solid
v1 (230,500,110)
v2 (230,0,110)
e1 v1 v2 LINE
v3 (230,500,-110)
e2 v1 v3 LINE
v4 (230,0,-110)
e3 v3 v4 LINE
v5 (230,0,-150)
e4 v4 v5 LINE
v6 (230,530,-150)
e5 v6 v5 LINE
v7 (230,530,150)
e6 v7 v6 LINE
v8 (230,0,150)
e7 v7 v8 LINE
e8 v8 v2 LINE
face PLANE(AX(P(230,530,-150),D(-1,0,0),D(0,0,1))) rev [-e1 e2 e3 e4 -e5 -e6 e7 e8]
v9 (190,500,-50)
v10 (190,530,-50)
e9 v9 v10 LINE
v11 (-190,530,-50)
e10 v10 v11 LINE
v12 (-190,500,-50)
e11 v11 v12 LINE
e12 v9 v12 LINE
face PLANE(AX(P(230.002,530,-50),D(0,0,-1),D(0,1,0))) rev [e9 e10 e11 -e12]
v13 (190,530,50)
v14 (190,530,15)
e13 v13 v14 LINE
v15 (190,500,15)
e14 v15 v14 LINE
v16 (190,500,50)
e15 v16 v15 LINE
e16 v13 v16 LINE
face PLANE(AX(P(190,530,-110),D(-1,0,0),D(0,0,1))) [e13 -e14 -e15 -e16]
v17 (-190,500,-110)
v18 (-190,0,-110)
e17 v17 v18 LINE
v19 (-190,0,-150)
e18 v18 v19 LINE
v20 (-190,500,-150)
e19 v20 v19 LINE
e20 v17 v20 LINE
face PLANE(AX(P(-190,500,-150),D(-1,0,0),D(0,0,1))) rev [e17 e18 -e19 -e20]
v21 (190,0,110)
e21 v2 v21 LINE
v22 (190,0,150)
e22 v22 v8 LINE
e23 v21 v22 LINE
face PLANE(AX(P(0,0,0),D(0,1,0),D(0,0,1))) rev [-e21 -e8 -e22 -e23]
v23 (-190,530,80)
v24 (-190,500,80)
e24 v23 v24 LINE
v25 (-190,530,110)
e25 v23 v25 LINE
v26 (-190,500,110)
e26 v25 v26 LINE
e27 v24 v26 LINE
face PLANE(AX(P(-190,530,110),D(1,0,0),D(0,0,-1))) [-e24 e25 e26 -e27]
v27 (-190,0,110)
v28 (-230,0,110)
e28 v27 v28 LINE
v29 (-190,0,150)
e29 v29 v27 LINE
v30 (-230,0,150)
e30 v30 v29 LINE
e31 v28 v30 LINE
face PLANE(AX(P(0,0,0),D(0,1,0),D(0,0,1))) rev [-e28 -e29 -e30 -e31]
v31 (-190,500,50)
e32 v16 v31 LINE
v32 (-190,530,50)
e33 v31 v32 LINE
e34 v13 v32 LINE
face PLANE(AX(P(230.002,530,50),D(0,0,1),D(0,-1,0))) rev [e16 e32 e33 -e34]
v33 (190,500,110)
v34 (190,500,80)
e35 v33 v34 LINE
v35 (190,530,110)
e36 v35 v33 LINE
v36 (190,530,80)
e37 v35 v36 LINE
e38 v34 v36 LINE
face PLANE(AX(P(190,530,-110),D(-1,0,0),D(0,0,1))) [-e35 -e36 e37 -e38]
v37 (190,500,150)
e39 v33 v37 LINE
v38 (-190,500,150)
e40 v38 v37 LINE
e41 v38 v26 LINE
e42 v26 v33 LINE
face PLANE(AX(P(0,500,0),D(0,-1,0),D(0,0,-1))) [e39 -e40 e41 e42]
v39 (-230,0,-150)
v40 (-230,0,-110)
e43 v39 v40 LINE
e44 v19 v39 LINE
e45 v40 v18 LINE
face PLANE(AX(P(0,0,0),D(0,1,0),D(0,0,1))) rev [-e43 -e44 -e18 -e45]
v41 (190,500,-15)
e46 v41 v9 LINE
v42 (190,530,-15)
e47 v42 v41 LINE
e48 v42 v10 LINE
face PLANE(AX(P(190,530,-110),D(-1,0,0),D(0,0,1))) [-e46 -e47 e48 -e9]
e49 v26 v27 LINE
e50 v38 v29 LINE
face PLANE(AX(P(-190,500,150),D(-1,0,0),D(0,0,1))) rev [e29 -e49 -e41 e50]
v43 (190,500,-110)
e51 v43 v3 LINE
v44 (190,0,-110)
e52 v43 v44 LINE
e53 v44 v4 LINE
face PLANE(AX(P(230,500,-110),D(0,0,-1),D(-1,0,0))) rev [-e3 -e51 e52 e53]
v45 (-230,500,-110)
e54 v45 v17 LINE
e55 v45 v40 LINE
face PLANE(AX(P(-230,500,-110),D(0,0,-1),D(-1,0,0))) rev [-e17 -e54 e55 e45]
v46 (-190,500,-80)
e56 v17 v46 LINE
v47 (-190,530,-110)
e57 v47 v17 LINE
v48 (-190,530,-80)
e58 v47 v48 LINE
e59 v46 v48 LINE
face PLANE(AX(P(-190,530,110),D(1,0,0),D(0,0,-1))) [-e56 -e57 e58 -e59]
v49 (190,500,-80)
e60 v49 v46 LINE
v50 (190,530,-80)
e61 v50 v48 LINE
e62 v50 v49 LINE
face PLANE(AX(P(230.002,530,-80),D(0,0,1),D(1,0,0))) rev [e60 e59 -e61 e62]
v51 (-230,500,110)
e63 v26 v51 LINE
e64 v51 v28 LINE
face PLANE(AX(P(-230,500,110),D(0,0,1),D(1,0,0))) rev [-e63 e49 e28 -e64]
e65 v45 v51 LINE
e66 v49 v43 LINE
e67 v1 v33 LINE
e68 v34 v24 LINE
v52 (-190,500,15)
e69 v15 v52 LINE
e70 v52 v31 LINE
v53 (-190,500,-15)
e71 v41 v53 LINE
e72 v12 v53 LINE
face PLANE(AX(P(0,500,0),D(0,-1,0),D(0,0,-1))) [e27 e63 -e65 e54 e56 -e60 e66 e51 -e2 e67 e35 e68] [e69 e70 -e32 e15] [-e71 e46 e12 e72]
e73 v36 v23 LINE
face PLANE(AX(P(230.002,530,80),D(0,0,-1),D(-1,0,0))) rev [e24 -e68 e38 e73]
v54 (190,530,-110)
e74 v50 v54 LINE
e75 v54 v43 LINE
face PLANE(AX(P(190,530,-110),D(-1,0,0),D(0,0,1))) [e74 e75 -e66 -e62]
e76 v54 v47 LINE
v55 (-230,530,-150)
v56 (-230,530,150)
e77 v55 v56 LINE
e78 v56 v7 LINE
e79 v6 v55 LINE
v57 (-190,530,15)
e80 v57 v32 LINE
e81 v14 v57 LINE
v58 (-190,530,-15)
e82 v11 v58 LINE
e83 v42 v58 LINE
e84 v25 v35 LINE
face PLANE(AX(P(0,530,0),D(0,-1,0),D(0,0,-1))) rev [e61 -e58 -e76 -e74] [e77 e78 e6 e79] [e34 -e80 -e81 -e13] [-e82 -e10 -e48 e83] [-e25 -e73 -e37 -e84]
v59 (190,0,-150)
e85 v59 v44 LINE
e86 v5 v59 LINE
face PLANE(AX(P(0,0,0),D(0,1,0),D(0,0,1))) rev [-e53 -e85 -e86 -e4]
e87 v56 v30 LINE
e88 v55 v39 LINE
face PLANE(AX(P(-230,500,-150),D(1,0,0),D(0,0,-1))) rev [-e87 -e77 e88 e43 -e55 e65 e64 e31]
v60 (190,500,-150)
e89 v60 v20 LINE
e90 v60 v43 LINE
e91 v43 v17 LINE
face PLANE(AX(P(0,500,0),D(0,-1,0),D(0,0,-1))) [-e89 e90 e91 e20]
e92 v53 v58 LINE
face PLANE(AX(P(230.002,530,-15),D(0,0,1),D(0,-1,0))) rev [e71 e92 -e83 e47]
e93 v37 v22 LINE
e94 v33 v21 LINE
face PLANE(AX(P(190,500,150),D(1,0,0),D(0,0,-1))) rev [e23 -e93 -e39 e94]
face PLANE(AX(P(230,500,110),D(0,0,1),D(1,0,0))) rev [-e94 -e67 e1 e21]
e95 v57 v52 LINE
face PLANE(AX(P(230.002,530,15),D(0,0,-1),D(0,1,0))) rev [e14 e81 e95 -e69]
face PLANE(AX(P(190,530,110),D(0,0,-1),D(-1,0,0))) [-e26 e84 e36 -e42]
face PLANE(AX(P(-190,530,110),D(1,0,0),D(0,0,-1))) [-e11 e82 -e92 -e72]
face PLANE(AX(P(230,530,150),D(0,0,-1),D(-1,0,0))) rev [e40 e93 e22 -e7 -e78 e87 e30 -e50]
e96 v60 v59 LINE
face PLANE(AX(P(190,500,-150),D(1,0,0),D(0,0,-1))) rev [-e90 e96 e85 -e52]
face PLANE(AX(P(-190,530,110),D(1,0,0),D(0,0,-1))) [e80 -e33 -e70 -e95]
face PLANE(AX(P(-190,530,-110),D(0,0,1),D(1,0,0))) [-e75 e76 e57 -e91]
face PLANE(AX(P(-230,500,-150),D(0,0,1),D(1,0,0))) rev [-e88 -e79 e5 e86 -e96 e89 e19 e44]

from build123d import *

# Parameters (mm, degrees)
SKETCH1_W             = 40
SKETCH1_H             = 40
BOSS_EXTRUDE1_DEPTH   = 500
BOSS_EXTRUDE1_2_DEPTH = 500
BOSS_EXTRUDE1_3_DEPTH = 500
BOSS_EXTRUDE1_4_DEPTH = 500
SKETCH2_W             = 460
SKETCH2_H             = 300
SKETCH2_W_2           = 380
SKETCH2_H_2           = 220
BOSS_EXTRUDE2_DEPTH   = 30
BOSS_EXTRUDE4_REACH   = 694.676
SKETCH4_W             = 30
SKETCH4_H             = 30


with BuildPart() as part:
    # Sketch1 → Boss-Extrude1 (new body)
    with BuildSketch(Plane(origin=(0, 0, 0), x_dir=(1, 0, 0), z_dir=(0, 1, 0))):
        with Locations((-210, 130)):
            Rectangle(SKETCH1_W, SKETCH1_H)
    extrude(amount=BOSS_EXTRUDE1_DEPTH)



with BuildPart() as body_2:
    # Sketch1 → Boss-Extrude1 2 (new body)
    with BuildSketch(Plane(origin=(0, 0, 0), x_dir=(1, 0, 0), z_dir=(0, 1, 0))):
        with Locations((-210, -130)):
            Rectangle(SKETCH1_W, SKETCH1_H)
    extrude(amount=BOSS_EXTRUDE1_2_DEPTH)


with BuildPart() as body_3:
    # Sketch1 → Boss-Extrude1 3 (new body)
    with BuildSketch(Plane(origin=(0, 0, 0), x_dir=(1, 0, 0), z_dir=(0, 1, 0))):
        with Locations((210, -130)):
            Rectangle(SKETCH1_W, SKETCH1_H)
    extrude(amount=BOSS_EXTRUDE1_3_DEPTH)


with BuildPart() as body_4:
    # Sketch1 → Boss-Extrude1 4 (new body)
    with BuildSketch(Plane(origin=(0, 0, 0), x_dir=(1, 0, 0), z_dir=(0, 1, 0))):
        with Locations((210, 130)):
            Rectangle(SKETCH1_W, SKETCH1_H)
    extrude(amount=BOSS_EXTRUDE1_4_DEPTH)


with BuildPart() as part_1:
    add(part.part)

    add(body_2.part)  # Boss-Extrude2 merges body 2

    add(body_3.part)  # Boss-Extrude2 merges body 3

    add(body_4.part)  # Boss-Extrude2 merges body 4
    # Sketch2 → Boss-Extrude2 (add)
    with BuildSketch(Plane(origin=(0, 500, 0), x_dir=(1, 0, 0), z_dir=(0, 1, 0))):
        Rectangle(SKETCH2_W, SKETCH2_H)
        Rectangle(SKETCH2_W_2, SKETCH2_H_2, mode=Mode.SUBTRACT)
    extrude(amount=BOSS_EXTRUDE2_DEPTH)

    # Sketch4 → Boss-Extrude4 (add, up to next)
    with BuildSketch(Plane(origin=(-190, 0, 0), x_dir=(0, 0, -1), z_dir=(1, 0, 0)), mode=Mode.PRIVATE) as boss_extrude4_sk1:
        with Locations((-65, 515)):
            Rectangle(SKETCH4_W, SKETCH4_H)
    boss_extrude4_tool1 = extrude(boss_extrude4_sk1.sketch, amount=BOSS_EXTRUDE4_REACH, mode=Mode.PRIVATE) - part_1.part
    # Sketch4 → Boss-Extrude4 (add, up to next)
    with BuildSketch(Plane(origin=(-190, 0, 0), x_dir=(0, 0, -1), z_dir=(1, 0, 0)), mode=Mode.PRIVATE) as boss_extrude4_sk2:
        with Locations((0, 515)):
            Rectangle(SKETCH4_W, SKETCH4_H)
    boss_extrude4_tool2 = extrude(boss_extrude4_sk2.sketch, amount=BOSS_EXTRUDE4_REACH, mode=Mode.PRIVATE) - part_1.part
    # Sketch4 → Boss-Extrude4 (add, up to next)
    with BuildSketch(Plane(origin=(-190, 0, 0), x_dir=(0, 0, -1), z_dir=(1, 0, 0)), mode=Mode.PRIVATE) as boss_extrude4_sk3:
        with Locations((65, 515)):
            Rectangle(SKETCH4_W, SKETCH4_H)
    boss_extrude4_tool3 = extrude(boss_extrude4_sk3.sketch, amount=BOSS_EXTRUDE4_REACH, mode=Mode.PRIVATE) - part_1.part
    add(boss_extrude4_tool1.solids().sort_by_distance((-190, 515, 65))[0])
    add(boss_extrude4_tool2.solids().sort_by_distance((-190, 515, 0))[0])
    add(boss_extrude4_tool3.solids().sort_by_distance((-190, 515, -65))[0])


solid = part_1.part
